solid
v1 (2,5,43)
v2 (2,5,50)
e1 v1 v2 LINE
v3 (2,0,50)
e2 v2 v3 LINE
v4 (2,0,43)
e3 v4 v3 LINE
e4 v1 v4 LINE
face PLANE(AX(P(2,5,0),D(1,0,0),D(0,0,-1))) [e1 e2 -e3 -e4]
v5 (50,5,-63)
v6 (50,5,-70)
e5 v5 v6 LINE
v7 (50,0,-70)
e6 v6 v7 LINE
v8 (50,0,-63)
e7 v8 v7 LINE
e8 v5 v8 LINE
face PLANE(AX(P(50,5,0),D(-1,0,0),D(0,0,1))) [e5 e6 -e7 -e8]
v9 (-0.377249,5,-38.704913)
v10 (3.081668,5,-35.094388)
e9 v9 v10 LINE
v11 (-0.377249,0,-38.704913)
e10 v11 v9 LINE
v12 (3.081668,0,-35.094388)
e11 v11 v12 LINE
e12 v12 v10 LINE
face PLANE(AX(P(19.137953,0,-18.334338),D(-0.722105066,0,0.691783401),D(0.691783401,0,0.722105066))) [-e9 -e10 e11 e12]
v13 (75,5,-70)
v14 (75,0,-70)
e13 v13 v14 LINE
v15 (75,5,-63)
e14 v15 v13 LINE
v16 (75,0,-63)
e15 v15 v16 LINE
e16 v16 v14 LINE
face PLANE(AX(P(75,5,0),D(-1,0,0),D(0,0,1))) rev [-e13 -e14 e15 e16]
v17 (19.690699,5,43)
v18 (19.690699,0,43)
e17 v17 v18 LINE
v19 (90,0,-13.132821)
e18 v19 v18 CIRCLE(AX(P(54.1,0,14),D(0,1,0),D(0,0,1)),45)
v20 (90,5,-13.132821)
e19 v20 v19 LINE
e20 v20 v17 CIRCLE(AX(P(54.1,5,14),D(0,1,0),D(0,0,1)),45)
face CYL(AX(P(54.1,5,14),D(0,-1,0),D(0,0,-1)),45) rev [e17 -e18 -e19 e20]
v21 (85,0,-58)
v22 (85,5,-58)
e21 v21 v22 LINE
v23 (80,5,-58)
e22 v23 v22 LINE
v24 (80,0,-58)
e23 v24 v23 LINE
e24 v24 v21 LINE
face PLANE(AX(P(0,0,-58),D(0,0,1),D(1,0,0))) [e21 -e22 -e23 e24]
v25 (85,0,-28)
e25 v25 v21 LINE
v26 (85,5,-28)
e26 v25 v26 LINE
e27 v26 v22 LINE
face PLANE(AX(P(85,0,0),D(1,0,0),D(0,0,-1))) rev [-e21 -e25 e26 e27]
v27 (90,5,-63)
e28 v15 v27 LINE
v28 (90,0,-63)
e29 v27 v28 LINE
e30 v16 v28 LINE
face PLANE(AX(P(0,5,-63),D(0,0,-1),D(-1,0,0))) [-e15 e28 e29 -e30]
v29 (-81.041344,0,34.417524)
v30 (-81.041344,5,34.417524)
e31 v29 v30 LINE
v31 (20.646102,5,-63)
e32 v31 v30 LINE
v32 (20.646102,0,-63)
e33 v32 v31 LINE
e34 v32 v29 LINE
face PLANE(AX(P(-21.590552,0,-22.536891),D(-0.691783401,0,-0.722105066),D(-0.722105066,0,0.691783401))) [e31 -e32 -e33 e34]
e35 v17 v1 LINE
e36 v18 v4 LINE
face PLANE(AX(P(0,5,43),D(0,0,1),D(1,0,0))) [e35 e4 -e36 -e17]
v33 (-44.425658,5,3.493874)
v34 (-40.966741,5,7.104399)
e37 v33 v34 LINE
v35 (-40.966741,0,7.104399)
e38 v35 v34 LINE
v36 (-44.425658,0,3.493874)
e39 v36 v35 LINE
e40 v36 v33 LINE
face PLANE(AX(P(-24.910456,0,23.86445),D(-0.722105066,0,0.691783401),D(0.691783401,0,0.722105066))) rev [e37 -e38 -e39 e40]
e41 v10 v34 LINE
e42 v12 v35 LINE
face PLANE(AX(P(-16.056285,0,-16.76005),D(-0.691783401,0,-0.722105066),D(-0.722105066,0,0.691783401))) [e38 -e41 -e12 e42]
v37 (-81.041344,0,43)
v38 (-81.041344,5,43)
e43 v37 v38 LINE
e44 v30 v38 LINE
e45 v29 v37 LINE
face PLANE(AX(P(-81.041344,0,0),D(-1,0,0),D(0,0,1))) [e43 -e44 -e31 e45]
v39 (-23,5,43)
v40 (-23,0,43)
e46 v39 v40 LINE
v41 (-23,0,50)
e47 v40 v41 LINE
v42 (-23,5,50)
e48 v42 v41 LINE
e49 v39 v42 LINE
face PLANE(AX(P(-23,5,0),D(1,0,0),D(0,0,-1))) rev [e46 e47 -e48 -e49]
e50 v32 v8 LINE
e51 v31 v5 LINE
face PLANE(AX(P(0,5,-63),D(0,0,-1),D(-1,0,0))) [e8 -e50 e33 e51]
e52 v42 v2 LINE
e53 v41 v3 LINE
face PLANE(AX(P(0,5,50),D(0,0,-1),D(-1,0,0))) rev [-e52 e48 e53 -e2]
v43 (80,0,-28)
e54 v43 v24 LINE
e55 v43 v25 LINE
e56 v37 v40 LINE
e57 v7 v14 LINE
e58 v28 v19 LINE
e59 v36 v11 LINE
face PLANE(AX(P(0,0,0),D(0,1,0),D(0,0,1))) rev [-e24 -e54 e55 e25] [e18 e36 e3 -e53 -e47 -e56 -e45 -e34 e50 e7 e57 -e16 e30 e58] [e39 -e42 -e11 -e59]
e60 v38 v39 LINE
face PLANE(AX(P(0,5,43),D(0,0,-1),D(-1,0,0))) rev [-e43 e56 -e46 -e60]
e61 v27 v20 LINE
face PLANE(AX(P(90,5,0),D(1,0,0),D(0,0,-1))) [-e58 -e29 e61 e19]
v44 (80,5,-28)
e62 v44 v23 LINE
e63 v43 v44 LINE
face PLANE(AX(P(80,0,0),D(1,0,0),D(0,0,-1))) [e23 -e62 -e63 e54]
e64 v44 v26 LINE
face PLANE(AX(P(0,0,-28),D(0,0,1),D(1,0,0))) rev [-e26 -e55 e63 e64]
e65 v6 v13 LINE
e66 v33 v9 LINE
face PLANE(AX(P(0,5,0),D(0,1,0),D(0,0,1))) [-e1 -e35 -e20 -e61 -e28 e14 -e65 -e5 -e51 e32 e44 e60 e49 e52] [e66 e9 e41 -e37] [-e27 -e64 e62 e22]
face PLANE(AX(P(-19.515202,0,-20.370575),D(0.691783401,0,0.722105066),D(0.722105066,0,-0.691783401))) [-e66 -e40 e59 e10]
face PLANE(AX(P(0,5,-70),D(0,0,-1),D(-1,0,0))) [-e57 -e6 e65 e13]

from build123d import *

# Parameters (mm, degrees)
BOSS_EXTRUDE1_DEPTH = 5
CUT_EXTRUDE1_DEPTH  = 6
CUT_EXTRUDE2_DEPTH  = 6
SKETCH6_W           = 5
SKETCH6_H           = 30
CUT_EXTRUDE4_DEPTH  = 6
CUT_EXTRUDE5_DEPTH  = 6


with BuildPart() as part:
    # Sketch1 → Boss-Extrude1 (new body)
    with BuildSketch(Plane(origin=(0, 0, 0), x_dir=(1, 0, 0), z_dir=(0, 1, 0))):
        with BuildLine():
            Line((-90, -43), (-90, 63))
            Line((-90, 63), (50, 63))
            Line((50, 63), (50, 70))
            Line((50, 70), (75, 70))
            Line((75, 70), (75, 63))
            Line((75, 63), (90, 63))
            Line((90, 63), (90, 13.132821453))
            ThreePointArc((90, 13.132821453), (26.02369403, 21.167044845), (19.690698932, -43))
            Line((19.690698932, -43), (2, -43))
            Line((2, -43), (2, -50))
            Line((2, -50), (-23, -50))
            Line((-23, -50), (-23, -43))
            Line((-23, -43), (-90, -43))
        make_face()
    extrude(amount=BOSS_EXTRUDE1_DEPTH)

    # Sketch2 → Cut-Extrude1 (cut, through all)
    with BuildSketch(Plane(origin=(0, 5, 0), x_dir=(1, 0, 0), z_dir=(0, 1, 0))):
        Polygon((-90, -43), (20.646102312, 63), (-90, 63), align=None)
    extrude(amount=-CUT_EXTRUDE1_DEPTH, mode=Mode.SUBTRACT)

    # Sketch4 → Cut-Extrude2 (cut, through all)
    with BuildSketch(Plane(origin=(0, 5, 0), x_dir=(1, 0, 0), z_dir=(0, 1, 0))):
        Polygon((-1.099353578, 38.01312996), (-44.425657525, -3.493874103), (-40.966740519, -7.104399432), (2.359563427, 34.402604632), (3.081668493, 35.094388033), (-0.377248513, 38.704913361), align=None)
    extrude(amount=-CUT_EXTRUDE2_DEPTH, mode=Mode.SUBTRACT)

    # Sketch6 → Cut-Extrude4 (cut, through all)
    with BuildSketch(Plane(origin=(0, 5, 0), x_dir=(1, 0, 0), z_dir=(0, 1, 0))):
        with Locations((82.5, 43)):
            Rectangle(SKETCH6_W, SKETCH6_H)
    extrude(amount=-CUT_EXTRUDE4_DEPTH, mode=Mode.SUBTRACT)

    # Sketch8 → Cut-Extrude5 (cut, through all)
    with BuildSketch(Plane(origin=(0, 5, 0), x_dir=(1, 0, 0), z_dir=(0, 1, 0))):
        Polygon((-81.041343938, -43), (-81.041343938, -34.417523775), (-90, -43), align=None)
    extrude(amount=-CUT_EXTRUDE5_DEPTH, mode=Mode.SUBTRACT)


solid = part.part
